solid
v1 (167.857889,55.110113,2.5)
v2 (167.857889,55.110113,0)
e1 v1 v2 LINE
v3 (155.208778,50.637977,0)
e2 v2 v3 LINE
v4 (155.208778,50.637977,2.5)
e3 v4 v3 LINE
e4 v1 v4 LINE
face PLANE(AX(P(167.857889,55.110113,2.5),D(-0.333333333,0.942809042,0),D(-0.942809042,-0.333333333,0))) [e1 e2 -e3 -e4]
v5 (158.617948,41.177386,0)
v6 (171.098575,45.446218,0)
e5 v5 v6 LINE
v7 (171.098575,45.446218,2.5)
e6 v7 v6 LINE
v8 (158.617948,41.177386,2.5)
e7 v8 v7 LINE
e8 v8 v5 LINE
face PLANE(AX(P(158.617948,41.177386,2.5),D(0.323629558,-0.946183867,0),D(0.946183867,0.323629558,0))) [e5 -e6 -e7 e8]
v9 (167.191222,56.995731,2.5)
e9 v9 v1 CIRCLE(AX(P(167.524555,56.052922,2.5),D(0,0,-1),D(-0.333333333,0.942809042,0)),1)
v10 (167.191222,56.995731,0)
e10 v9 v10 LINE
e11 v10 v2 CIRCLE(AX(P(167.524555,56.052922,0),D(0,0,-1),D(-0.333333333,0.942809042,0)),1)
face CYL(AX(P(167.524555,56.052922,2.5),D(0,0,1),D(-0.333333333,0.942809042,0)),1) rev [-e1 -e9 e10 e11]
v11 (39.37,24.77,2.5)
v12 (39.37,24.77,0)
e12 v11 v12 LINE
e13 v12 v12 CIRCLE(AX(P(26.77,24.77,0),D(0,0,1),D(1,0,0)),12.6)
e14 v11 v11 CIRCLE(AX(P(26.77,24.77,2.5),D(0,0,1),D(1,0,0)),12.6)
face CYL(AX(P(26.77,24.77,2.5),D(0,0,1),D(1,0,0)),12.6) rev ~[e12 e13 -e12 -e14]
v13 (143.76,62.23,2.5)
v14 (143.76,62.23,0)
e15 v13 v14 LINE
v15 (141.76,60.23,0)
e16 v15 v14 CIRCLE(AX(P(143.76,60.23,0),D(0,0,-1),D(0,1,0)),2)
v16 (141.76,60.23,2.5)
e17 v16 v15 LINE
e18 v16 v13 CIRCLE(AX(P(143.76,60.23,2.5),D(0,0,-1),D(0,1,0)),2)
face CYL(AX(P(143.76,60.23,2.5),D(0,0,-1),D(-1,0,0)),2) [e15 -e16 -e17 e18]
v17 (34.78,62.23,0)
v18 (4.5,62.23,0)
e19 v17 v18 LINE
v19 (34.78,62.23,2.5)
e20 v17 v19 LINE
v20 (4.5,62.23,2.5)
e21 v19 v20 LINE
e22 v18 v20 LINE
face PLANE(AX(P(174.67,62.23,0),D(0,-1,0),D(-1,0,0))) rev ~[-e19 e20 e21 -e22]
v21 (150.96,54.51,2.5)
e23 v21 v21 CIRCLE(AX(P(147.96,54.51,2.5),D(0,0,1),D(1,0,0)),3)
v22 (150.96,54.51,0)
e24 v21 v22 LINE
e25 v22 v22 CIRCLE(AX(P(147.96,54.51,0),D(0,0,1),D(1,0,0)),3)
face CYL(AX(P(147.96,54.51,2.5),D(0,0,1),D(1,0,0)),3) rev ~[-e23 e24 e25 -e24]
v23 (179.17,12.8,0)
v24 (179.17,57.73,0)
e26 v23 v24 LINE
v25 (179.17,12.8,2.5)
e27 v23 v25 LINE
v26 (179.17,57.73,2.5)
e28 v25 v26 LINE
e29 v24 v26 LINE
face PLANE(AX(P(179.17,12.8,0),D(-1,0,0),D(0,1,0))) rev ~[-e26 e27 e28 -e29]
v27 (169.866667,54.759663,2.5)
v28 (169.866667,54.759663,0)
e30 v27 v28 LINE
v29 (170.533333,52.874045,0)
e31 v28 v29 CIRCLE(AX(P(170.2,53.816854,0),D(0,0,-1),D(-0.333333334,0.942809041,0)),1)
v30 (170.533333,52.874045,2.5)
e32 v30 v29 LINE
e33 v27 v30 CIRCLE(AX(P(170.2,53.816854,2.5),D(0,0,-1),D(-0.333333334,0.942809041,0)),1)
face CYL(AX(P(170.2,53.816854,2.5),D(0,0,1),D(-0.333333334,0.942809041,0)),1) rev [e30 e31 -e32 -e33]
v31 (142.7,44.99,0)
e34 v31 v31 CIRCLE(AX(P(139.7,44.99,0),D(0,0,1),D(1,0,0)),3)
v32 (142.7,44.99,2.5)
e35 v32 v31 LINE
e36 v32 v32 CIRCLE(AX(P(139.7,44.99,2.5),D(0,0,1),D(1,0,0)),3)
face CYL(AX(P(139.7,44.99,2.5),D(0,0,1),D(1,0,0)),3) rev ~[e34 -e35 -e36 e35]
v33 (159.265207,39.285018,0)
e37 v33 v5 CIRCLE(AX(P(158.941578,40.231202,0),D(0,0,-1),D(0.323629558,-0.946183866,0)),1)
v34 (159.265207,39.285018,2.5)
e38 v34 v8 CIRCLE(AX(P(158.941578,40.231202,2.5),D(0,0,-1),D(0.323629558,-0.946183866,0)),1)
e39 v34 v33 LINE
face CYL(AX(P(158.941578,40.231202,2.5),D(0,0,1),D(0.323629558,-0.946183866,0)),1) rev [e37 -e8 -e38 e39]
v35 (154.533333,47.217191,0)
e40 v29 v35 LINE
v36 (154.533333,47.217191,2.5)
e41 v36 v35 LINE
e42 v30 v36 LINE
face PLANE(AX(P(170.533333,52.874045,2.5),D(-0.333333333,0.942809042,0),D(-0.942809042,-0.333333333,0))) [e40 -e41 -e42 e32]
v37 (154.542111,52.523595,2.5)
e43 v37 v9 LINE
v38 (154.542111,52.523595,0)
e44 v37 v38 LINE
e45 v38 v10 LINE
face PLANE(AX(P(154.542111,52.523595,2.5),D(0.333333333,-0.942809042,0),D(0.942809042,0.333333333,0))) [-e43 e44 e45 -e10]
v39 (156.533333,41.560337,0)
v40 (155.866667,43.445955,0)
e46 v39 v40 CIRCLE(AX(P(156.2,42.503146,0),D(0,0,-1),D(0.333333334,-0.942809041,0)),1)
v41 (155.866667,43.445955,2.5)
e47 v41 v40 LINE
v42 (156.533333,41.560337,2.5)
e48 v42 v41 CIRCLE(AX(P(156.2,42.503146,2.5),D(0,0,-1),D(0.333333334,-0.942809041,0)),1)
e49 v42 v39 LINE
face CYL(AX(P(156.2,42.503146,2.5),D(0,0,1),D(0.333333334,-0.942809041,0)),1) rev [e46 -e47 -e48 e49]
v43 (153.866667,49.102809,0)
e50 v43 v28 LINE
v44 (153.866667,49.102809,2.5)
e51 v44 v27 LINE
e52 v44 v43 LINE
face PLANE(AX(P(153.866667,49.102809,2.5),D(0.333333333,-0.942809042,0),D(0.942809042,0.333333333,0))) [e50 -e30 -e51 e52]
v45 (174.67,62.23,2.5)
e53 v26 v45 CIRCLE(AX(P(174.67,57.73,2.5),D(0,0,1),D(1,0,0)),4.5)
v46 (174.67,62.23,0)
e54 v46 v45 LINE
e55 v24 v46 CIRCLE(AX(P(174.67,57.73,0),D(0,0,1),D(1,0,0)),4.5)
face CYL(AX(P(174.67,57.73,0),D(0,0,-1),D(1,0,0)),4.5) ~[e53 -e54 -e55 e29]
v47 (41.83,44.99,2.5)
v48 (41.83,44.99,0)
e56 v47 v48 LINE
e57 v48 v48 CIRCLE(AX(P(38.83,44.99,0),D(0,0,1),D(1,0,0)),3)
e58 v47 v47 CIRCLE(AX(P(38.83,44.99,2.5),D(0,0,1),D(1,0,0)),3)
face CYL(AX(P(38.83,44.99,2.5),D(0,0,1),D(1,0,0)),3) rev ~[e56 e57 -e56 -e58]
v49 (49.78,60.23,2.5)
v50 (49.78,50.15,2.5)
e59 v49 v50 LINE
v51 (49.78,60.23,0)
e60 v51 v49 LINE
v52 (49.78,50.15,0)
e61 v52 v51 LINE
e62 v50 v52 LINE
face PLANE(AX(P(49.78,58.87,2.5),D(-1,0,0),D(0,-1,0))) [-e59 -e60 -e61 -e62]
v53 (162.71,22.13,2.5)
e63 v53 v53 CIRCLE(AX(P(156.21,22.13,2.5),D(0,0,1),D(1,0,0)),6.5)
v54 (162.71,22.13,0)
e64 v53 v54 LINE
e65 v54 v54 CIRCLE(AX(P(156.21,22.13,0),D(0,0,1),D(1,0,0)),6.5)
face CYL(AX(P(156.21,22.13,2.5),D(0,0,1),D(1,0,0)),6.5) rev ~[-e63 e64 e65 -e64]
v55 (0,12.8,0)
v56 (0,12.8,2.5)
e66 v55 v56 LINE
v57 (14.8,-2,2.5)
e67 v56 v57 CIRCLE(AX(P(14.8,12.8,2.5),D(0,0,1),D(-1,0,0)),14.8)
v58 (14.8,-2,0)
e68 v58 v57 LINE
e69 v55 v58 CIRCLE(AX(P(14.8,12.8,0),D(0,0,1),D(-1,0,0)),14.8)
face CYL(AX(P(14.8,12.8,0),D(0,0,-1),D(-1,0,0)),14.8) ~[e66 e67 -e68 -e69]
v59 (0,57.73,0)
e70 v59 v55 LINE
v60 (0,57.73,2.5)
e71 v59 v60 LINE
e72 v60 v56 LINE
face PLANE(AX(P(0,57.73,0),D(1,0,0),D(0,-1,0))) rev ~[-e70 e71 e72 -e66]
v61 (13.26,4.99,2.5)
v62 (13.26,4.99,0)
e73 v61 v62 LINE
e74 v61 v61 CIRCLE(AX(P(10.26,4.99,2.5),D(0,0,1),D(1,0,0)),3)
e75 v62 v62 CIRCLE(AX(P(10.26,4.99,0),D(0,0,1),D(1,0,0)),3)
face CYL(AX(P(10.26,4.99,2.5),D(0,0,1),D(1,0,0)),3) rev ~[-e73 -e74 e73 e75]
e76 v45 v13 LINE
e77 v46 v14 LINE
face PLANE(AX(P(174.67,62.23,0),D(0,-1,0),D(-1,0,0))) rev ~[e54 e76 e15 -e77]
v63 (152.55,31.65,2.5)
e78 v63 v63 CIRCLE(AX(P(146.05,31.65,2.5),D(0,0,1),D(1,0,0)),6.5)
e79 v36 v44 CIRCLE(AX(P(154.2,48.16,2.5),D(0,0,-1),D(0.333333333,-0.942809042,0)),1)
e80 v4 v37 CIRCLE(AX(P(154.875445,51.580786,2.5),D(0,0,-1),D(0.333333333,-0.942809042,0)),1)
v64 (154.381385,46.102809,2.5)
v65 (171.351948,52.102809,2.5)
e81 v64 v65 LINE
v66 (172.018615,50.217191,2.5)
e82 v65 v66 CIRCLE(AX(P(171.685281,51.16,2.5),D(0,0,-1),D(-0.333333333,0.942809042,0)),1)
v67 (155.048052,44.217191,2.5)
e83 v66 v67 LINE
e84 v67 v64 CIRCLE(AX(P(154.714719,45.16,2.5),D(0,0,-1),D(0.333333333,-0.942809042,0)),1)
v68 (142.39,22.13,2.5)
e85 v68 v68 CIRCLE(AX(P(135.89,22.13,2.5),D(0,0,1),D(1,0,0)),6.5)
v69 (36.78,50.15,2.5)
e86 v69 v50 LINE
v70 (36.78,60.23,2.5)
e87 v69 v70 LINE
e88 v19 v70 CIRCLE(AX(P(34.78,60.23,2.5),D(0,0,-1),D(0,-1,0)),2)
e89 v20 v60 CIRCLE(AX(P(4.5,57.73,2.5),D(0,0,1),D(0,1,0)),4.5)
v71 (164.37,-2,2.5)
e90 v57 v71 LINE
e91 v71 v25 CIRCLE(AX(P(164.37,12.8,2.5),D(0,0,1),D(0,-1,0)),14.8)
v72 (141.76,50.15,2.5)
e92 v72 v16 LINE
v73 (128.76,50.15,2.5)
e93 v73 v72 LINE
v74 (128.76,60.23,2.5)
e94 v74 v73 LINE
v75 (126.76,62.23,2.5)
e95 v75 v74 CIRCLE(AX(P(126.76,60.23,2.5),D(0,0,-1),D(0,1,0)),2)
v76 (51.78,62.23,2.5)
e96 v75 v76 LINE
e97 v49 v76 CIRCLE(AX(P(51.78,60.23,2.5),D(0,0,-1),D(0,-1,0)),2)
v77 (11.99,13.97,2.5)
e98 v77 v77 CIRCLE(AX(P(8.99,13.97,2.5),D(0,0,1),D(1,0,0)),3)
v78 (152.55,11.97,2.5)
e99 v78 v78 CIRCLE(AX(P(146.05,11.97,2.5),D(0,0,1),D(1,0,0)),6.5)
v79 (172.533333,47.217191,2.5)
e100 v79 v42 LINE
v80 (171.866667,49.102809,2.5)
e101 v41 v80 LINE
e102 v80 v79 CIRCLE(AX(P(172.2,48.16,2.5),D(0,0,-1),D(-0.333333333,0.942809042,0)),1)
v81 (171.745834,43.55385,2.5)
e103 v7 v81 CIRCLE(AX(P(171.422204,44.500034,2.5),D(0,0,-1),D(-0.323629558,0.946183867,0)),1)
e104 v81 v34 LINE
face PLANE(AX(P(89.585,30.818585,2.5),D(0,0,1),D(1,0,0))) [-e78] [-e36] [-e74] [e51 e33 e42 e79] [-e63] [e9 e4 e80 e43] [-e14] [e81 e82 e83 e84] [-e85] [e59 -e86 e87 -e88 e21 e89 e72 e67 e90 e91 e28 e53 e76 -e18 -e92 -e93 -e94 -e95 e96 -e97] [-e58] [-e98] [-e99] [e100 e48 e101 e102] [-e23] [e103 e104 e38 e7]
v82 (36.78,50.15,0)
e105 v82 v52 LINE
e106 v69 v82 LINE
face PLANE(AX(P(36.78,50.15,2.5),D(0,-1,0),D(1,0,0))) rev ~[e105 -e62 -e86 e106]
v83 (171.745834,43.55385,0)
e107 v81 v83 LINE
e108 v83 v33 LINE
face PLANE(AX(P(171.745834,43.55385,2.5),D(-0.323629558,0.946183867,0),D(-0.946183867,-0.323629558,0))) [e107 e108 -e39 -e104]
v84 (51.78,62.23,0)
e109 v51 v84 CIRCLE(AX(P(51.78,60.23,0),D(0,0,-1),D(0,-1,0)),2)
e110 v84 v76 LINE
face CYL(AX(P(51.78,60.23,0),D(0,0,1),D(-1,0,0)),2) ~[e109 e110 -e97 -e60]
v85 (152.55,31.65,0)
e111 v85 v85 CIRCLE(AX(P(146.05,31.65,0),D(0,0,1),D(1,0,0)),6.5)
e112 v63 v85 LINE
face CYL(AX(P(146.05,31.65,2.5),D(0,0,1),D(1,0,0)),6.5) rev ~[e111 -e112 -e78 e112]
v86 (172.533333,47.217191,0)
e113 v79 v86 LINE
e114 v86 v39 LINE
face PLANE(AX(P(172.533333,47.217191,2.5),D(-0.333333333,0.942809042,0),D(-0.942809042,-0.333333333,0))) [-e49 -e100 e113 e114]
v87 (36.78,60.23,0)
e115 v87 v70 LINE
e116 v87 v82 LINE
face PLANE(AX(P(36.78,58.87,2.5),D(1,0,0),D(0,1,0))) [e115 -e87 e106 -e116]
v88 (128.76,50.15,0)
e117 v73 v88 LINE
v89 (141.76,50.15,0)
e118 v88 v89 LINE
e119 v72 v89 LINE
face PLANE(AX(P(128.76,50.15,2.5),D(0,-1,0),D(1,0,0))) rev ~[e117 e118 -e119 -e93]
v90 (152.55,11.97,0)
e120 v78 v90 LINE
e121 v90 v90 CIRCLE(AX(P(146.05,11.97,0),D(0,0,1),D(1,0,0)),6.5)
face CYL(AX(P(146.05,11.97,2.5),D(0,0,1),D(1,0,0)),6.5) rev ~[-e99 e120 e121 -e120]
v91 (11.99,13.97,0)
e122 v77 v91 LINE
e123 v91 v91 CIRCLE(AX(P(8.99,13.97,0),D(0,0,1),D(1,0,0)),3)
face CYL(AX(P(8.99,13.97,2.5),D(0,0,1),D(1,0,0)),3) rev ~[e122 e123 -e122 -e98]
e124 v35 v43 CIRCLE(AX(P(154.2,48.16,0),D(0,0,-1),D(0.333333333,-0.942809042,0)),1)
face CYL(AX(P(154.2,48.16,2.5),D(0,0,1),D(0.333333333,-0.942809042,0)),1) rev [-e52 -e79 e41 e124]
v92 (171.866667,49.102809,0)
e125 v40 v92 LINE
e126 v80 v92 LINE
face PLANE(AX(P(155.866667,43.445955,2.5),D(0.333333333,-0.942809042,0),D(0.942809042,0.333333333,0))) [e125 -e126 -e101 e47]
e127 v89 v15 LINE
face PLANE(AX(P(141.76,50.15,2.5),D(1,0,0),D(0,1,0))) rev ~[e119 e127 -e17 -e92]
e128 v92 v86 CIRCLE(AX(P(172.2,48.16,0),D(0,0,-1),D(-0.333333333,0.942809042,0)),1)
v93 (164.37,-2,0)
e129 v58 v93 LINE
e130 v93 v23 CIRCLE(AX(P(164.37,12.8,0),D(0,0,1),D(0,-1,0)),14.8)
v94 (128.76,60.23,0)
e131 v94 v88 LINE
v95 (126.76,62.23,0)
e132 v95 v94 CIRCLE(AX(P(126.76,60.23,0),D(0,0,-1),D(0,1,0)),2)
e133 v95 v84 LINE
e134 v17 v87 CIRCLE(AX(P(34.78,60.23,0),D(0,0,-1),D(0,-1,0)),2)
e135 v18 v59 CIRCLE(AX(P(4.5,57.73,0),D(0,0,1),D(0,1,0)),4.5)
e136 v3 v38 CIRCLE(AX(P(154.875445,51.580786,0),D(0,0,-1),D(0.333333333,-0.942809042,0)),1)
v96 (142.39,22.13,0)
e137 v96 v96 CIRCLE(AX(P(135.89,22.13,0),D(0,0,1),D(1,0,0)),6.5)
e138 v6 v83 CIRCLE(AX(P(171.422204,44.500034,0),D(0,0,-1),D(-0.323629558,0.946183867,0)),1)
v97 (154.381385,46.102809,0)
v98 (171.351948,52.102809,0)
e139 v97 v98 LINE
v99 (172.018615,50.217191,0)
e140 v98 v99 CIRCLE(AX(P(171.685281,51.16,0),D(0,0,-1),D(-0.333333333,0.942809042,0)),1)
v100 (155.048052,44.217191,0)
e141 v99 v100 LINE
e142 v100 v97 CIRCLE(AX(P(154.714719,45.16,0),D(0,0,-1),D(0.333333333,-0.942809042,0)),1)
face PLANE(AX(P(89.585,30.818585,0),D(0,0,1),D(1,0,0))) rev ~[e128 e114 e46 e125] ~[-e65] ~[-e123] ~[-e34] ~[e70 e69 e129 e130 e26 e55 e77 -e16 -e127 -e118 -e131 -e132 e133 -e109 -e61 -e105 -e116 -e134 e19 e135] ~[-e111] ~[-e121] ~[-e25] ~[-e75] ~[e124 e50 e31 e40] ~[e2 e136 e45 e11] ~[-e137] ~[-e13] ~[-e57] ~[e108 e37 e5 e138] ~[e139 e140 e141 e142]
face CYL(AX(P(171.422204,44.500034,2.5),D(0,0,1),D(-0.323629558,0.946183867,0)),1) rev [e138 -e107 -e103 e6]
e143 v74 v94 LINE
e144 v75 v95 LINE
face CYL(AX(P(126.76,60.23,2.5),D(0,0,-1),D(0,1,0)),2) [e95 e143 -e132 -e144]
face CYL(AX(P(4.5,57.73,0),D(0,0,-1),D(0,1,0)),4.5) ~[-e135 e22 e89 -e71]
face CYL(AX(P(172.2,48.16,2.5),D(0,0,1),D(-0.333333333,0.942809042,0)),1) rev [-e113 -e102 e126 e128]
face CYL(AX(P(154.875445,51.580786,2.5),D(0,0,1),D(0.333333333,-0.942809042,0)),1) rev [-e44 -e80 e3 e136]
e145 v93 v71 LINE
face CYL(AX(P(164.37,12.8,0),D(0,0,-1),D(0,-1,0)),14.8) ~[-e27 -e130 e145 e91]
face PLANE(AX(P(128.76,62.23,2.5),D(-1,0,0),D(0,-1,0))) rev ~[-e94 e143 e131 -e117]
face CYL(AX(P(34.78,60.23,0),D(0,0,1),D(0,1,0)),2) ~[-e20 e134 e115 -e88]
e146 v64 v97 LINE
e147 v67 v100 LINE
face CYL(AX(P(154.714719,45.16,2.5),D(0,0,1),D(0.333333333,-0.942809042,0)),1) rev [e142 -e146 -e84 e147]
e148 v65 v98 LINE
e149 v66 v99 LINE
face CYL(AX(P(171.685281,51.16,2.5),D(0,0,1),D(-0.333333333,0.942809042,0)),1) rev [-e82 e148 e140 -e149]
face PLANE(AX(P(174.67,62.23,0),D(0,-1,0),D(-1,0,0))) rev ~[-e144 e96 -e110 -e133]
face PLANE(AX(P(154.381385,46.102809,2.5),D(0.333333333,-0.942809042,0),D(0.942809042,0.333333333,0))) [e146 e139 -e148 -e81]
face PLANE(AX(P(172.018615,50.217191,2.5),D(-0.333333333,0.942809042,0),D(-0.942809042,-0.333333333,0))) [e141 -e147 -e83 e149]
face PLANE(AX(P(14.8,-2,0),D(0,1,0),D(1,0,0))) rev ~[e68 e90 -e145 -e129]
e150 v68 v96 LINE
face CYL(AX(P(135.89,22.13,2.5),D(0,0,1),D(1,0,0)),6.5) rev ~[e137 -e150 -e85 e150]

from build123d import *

# Parameters (mm, degrees)
BOSS_EXTRU_1_DEPTH       = 2.5
ESQUISSE22_R             = 12.6
ENL_V_MAT_EXTRU_1_DEPTH  = 2.5
ESQUISSE23_R             = 3
ENL_V_MAT_EXTRU_2_DEPTH  = 2.5
ENL_V_MAT_EXTRU_3_DEPTH  = 2.5
ESQUISSE25_W             = 13
ESQUISSE25_H             = 3.371774097
ENL_V_MAT_EXTRU_4_DEPTH  = 2.5
CONG_1_R                 = 2
ESQUISSE26_R             = 6.5
ENL_V_MAT_EXTRU_5_DEPTH  = 2.5
ESQUISSE27_R             = 6.5
ENL_V_MAT_EXTRU_6_DEPTH  = 2.5
ESQUISSE30_W             = 13
ESQUISSE30_H             = 3.36
ENL_V_MAT_EXTRU_7_DEPTH  = 2.5
CONG_2_R                 = 2
ESQUISSE31_R             = 3
ENL_V_MAT_EXTRU_8_DEPTH  = 2.5
ENL_V_MAT_EXTRU_9_DEPTH  = 2.5
ESQUISSE33_R             = 3
ENL_V_MAT_EXTRU_10_DEPTH = 10
ESQUISSE34_R             = 3
ENL_V_MAT_EXTRU_11_DEPTH = 10


with BuildPart() as part:
    # Esquisse20 → Boss.-Extru.1 (new body)
    with BuildSketch(Plane.XY):
        with BuildLine():
            Line((14.8, -2), (164.37, -2))
            ThreePointArc((164.37, -2), (174.835180362, 2.334819638), (179.17, 12.8))
            Line((179.17, 12.8), (179.17, 57.73))
            ThreePointArc((179.17, 57.73), (177.851980515, 60.911980515), (174.67, 62.23))
            Line((174.67, 62.23), (4.5, 62.23))
            ThreePointArc((4.5, 62.23), (1.318019485, 60.911980515), (0, 57.73))
            Line((0, 57.73), (0, 12.8))
            ThreePointArc((0, 12.8), (4.334819638, 2.334819638), (14.8, -2))
        make_face()
    extrude(amount=BOSS_EXTRU_1_DEPTH)

    # Esquisse22 → Enlèv. mat.-Extru.1 (cut)
    with BuildSketch(Plane.XY.offset(2.5)):
        with Locations((26.77, 24.77)):
            Circle(ESQUISSE22_R)
    extrude(amount=-ENL_V_MAT_EXTRU_1_DEPTH, mode=Mode.SUBTRACT)

    # Esquisse23 → Enlèv. mat.-Extru.2 (cut)
    with BuildSketch(Plane.XY.offset(2.5)):
        with Locations((8.99, 13.97)):
            Circle(ESQUISSE23_R)
    extrude(amount=-ENL_V_MAT_EXTRU_2_DEPTH, mode=Mode.SUBTRACT)

    # Esquisse24 → Enlèv. mat.-Extru.3 (cut)
    with BuildSketch(Plane.XY.offset(2.5)):
        Polygon((36.78, 58.87), (36.78, 50.15), (49.78, 50.15), align=None)
        Polygon((49.78, 58.87), (49.78, 50.15), (36.78, 58.87), align=None)
    extrude(amount=-ENL_V_MAT_EXTRU_3_DEPTH, mode=Mode.SUBTRACT)

    # Esquisse25 → Enlèv. mat.-Extru.4 (cut)
    with BuildSketch(Plane.XY.offset(2.5)):
        with Locations((43.28, 60.555887049)):
            Rectangle(ESQUISSE25_W, ESQUISSE25_H)
    extrude(amount=-ENL_V_MAT_EXTRU_4_DEPTH, mode=Mode.SUBTRACT)

    # Congé1
    cong_1_edges = [part.edges().sort_by_distance(p)[0] for p in [
        (49.78, 62.23, 1.25),
        (36.78, 62.23, 1.25),
    ]]
    fillet(cong_1_edges, radius=CONG_1_R)

    # Esquisse26 → Enlèv. mat.-Extru.5 (cut)
    with BuildSketch(Plane.XY.offset(2.5)):
        with Locations((156.21, 22.13)):
            Circle(ESQUISSE26_R)
    extrude(amount=-ENL_V_MAT_EXTRU_5_DEPTH, mode=Mode.SUBTRACT)

    # Esquisse27 → Enlèv. mat.-Extru.6 (cut)
    with BuildSketch(Plane.XY.offset(2.5)):
        with Locations((146.05, 11.97)):
            Circle(ESQUISSE27_R)
        with Locations((135.89, 22.13)):
            Circle(ESQUISSE27_R)
        with Locations((146.05, 31.65)):
            Circle(ESQUISSE27_R)
    extrude(amount=-ENL_V_MAT_EXTRU_6_DEPTH, mode=Mode.SUBTRACT)

    # Esquisse30 → Enlèv. mat.-Extru.7 (cut)
    with BuildSketch(Plane.XY.offset(2.5)):
        with Locations((135.26, 60.55)):
            Rectangle(ESQUISSE30_W, ESQUISSE30_H)
        Polygon((141.76, 58.87), (128.76, 58.87), (135.26, 54.51), align=None)
        Polygon((135.26, 54.51), (128.76, 58.87), (128.76, 50.15), align=None)
        Polygon((141.76, 50.15), (135.26, 54.51), (128.76, 50.15), align=None)
        Polygon((141.76, 58.87), (135.26, 54.51), (141.76, 50.15), align=None)
    extrude(amount=-ENL_V_MAT_EXTRU_7_DEPTH, mode=Mode.SUBTRACT)

    # Congé2
    cong_2_edges = [part.edges().sort_by_distance(p)[0] for p in [
        (128.76, 62.23, 1.25),
        (141.76, 62.23, 1.25),
    ]]
    fillet(cong_2_edges, radius=CONG_2_R)

    # Esquisse31 → Enlèv. mat.-Extru.8 (cut)
    with BuildSketch(Plane.XY.offset(2.5)):
        with Locations((147.96, 54.51)):
            Circle(ESQUISSE31_R)
        with Locations((139.7, 44.99)):
            Circle(ESQUISSE31_R)
    extrude(amount=-ENL_V_MAT_EXTRU_8_DEPTH, mode=Mode.SUBTRACT)

    # Esquisse32 → Enlèv. mat.-Extru.9 (cut)
    with BuildSketch(Plane.XY.offset(2.5)):
        with BuildLine():
            Line((172.018614708, 50.217190958), (155.048051959, 44.217190958))
            ThreePointArc((155.048051959, 44.217190958), (153.771909584, 44.826666667), (154.381385292, 46.102809042))
            Line((154.381385292, 46.102809042), (171.351948041, 52.102809042))
            ThreePointArc((171.351948041, 52.102809042), (172.628090416, 51.493333333), (172.018614708, 50.217190958))
        make_face()
        with BuildLine():
            Line((153.866666667, 49.102809042), (169.866666667, 54.759663291))
            ThreePointArc((169.866666667, 54.759663291), (171.142809042, 54.150187583), (170.533333333, 52.874045208))
            Line((170.533333333, 52.874045208), (154.533333333, 47.217190958))
            ThreePointArc((154.533333333, 47.217190958), (153.257190958, 47.826666667), (153.866666667, 49.102809042))
        make_face()
        with BuildLine():
            Line((154.542111346, 52.523595314), (167.191221987, 56.995731269))
            ThreePointArc((167.191221987, 56.995731269), (168.467364362, 56.38625556), (167.857888654, 55.110113185))
            Line((167.857888654, 55.110113185), (155.208778013, 50.63797723))
            ThreePointArc((155.208778013, 50.63797723), (153.932635638, 51.247452939), (154.542111346, 52.523595314))
        make_face()
        with BuildLine():
            Line((155.866666667, 43.445954792), (171.866666667, 49.102809042))
            ThreePointArc((171.866666667, 49.102809042), (173.142809042, 48.493333333), (172.533333333, 47.217190958))
            Line((172.533333333, 47.217190958), (156.533333333, 41.560336709))
            ThreePointArc((156.533333333, 41.560336709), (155.257190958, 42.169812417), (155.866666667, 43.445954792))
        make_face()
        with BuildLine():
            Line((158.617948097, 41.177385778), (171.09857492, 45.446217537))
            ThreePointArc((171.09857492, 45.446217537), (172.368388344, 44.823663229), (171.745834035, 43.553849804))
            Line((171.745834035, 43.553849804), (159.265207213, 39.285018045))
            ThreePointArc((159.265207213, 39.285018045), (157.995393788, 39.907572354), (158.617948097, 41.177385778))
        make_face()
    extrude(amount=-ENL_V_MAT_EXTRU_9_DEPTH, mode=Mode.SUBTRACT)

    # Esquisse33 → Enlèv. mat.-Extru.10 (cut)
    with BuildSketch(Plane.XY.offset(2.5)):
        with Locations((38.83, 44.99)):
            Circle(ESQUISSE33_R)
    extrude(amount=-ENL_V_MAT_EXTRU_10_DEPTH, mode=Mode.SUBTRACT)

    # Esquisse34 → Enlèv. mat.-Extru.11 (cut)
    with BuildSketch(Plane.XY.offset(2.5)):
        with Locations((10.26, 4.99)):
            Circle(ESQUISSE34_R)
    extrude(amount=-ENL_V_MAT_EXTRU_11_DEPTH, mode=Mode.SUBTRACT)


solid = part.part
